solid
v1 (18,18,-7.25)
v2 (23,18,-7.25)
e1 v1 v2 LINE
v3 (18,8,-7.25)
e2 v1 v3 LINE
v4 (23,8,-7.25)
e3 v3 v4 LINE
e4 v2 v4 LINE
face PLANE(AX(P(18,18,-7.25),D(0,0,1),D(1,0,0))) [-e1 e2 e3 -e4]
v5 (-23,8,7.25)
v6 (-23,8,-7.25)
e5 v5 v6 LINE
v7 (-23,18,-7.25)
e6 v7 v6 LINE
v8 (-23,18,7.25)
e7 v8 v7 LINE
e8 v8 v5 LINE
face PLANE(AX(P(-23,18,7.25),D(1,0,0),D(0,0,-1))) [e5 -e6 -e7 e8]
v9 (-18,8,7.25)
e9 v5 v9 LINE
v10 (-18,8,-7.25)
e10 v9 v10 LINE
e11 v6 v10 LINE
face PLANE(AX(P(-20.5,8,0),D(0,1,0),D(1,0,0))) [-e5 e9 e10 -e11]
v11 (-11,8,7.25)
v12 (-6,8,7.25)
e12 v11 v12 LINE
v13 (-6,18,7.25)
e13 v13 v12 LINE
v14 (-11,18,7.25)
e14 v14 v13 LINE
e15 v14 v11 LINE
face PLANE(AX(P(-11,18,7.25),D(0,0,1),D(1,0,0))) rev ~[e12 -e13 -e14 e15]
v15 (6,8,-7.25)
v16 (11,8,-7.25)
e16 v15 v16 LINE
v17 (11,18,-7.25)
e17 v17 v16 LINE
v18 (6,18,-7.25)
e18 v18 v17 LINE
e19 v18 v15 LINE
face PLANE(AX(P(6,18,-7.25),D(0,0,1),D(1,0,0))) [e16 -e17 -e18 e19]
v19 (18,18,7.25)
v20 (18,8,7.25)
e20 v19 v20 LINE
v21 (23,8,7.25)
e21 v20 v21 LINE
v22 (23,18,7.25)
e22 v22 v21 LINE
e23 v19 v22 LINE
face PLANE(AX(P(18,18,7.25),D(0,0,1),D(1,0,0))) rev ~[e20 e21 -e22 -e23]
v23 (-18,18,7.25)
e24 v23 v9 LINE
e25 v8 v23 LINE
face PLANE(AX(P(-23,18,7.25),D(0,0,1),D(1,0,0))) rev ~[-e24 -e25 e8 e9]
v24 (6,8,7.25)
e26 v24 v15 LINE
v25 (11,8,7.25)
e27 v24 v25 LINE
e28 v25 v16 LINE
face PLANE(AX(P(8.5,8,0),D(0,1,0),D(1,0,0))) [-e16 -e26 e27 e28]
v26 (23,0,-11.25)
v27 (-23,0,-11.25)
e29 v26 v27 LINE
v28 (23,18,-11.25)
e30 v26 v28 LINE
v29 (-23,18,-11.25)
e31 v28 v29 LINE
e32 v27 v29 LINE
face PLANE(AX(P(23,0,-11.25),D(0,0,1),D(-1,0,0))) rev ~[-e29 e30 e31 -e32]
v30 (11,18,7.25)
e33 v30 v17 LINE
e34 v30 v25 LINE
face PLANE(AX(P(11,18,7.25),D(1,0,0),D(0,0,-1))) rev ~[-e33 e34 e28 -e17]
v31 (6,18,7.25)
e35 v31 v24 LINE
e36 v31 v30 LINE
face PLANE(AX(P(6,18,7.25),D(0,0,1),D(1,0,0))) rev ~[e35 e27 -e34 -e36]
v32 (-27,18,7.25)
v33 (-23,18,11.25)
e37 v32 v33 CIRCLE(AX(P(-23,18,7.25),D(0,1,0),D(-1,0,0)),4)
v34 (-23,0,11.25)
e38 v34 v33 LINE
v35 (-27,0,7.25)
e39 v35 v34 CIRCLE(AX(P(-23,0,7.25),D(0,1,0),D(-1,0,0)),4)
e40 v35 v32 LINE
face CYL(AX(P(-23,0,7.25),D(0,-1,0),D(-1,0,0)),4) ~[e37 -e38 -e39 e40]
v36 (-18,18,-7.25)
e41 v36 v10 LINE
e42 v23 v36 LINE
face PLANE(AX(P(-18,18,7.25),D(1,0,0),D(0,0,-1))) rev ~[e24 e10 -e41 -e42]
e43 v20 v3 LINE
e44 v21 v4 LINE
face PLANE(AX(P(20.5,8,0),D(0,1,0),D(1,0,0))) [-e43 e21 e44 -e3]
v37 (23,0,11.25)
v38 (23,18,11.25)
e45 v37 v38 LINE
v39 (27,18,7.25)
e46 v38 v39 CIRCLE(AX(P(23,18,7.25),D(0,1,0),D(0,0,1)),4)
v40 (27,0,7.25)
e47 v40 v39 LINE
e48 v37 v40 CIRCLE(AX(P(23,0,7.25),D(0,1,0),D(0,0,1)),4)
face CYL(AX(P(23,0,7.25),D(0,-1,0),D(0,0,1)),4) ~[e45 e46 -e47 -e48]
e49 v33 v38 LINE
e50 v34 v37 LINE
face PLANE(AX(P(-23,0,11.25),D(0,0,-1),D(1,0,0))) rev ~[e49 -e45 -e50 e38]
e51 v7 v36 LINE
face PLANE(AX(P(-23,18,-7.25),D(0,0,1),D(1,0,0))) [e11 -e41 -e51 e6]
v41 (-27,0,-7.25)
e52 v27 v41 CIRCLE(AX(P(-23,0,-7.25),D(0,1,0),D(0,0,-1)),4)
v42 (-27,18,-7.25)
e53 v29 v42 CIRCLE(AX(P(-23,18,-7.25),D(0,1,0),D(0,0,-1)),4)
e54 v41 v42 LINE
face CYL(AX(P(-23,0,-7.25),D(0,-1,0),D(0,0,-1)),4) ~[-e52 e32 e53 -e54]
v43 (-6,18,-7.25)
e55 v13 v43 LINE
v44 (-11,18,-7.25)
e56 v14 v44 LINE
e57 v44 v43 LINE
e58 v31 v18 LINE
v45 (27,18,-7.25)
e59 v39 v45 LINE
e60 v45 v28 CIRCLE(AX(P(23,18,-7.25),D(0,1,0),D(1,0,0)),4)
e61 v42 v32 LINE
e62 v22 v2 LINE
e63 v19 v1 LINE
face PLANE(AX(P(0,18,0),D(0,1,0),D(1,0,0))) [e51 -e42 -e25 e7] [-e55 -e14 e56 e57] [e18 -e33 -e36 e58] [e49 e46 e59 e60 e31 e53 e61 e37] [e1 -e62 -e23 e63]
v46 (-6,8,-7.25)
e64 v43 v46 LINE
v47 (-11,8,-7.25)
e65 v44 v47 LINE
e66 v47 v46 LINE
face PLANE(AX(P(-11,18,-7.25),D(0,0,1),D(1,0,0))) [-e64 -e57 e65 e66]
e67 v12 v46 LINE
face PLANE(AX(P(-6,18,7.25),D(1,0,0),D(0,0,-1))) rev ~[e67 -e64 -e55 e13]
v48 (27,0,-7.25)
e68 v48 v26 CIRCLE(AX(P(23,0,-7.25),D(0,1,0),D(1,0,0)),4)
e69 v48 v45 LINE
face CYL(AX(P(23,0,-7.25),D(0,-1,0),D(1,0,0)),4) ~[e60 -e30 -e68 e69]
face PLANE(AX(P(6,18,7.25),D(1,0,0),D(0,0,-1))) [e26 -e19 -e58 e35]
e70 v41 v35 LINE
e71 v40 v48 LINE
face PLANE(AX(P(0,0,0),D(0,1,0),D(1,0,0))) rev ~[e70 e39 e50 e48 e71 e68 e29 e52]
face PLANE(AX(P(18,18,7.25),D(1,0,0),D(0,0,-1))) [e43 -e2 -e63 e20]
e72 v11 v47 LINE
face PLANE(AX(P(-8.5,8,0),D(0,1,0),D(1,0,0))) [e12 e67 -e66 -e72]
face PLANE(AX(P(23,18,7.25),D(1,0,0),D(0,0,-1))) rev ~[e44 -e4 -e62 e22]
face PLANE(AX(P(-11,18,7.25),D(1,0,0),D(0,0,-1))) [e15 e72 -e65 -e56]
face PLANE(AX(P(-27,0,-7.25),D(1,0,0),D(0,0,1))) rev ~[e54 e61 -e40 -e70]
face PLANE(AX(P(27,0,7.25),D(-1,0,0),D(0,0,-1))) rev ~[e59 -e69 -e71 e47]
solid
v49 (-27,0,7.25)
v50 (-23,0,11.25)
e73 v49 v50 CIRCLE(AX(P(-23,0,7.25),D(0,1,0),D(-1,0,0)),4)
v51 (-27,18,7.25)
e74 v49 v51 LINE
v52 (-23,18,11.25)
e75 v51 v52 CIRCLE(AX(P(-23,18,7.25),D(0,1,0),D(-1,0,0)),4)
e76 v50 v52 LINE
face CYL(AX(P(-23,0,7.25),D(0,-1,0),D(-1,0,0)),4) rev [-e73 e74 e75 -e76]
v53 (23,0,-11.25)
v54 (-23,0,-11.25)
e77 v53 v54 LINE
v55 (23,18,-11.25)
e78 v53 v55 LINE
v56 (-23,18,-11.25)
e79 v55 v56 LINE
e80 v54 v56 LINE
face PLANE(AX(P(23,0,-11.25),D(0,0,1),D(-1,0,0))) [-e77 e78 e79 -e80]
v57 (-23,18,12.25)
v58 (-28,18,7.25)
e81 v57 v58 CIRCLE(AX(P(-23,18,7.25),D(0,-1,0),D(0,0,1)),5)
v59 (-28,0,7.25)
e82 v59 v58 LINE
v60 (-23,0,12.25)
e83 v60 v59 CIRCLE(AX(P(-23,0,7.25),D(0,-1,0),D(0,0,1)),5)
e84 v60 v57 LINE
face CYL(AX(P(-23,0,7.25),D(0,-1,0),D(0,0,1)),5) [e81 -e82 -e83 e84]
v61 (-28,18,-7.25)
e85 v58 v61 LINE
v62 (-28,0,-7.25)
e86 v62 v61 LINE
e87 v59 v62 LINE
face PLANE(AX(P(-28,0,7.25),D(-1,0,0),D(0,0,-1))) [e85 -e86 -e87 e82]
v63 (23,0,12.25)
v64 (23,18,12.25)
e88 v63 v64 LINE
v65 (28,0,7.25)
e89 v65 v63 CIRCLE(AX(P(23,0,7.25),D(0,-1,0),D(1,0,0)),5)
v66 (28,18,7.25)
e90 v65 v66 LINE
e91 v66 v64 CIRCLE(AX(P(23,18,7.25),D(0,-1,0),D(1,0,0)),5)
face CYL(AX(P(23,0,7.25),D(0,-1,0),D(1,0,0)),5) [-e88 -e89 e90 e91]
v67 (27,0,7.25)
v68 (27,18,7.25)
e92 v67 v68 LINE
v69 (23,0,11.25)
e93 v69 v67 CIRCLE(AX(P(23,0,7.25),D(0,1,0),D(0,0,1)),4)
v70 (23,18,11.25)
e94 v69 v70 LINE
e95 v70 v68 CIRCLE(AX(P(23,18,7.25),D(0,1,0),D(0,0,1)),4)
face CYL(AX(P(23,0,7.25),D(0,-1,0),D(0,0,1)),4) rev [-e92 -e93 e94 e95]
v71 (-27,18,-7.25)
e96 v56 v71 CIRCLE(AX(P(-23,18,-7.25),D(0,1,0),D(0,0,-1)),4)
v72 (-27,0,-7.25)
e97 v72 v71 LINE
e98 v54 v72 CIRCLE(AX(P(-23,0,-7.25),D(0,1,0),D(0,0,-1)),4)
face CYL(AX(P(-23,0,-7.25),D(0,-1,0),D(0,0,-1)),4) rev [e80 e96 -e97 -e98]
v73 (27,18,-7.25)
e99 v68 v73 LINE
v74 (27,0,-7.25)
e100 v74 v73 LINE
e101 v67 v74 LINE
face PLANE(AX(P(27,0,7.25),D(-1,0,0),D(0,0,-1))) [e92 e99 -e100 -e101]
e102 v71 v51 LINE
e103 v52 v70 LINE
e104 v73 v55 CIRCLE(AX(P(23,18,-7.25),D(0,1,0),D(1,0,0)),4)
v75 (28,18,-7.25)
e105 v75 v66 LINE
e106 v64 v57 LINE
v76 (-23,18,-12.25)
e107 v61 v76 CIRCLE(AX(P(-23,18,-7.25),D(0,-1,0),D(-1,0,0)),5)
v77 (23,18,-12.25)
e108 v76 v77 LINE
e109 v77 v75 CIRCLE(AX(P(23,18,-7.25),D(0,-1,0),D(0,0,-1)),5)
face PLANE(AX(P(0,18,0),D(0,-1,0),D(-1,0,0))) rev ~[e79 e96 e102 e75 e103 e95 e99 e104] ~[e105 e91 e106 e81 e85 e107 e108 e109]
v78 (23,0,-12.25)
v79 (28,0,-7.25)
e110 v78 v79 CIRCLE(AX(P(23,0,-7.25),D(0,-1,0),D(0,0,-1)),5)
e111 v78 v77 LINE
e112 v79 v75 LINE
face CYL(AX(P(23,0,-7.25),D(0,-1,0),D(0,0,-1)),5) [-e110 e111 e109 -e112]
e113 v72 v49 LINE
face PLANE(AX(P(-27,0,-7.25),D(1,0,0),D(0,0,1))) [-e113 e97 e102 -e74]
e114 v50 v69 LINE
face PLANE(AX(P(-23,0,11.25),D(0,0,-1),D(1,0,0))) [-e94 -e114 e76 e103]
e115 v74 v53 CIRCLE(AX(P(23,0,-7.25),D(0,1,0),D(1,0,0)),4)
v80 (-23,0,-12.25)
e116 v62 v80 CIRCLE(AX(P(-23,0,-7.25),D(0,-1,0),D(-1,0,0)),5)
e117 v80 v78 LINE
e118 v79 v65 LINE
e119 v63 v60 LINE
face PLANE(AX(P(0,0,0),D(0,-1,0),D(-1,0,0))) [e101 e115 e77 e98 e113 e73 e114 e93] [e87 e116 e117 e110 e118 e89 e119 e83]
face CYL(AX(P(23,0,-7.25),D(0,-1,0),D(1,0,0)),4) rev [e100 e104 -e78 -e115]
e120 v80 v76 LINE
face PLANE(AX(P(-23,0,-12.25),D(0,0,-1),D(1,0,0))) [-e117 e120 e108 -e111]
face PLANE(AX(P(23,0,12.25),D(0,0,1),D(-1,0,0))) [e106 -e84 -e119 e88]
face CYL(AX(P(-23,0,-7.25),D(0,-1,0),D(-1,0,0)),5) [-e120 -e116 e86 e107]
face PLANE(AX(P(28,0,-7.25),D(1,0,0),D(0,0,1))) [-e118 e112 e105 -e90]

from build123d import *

# Parameters (mm, degrees)
BOSS_EXTRUDE1_DEPTH = 18
BOSS_EXTRUDE3_DEPTH = 18
CUT_EXTRUDE1_START  = 18
SKETCH2_W           = 5
SKETCH2_H           = 14.5
CUT_EXTRUDE1_DEPTH  = 10


with BuildPart() as part:
    # Sketch1 → Boss-Extrude1 (new body)
    with BuildSketch(Plane(origin=(0, 0, 0), x_dir=(1, 0, 0), z_dir=(0, 1, 0))):
        with BuildLine():
            Line((-23, 12.25), (23, 12.25))
            ThreePointArc((23, 12.25), (26.535533906, 10.785533906), (28, 7.25))
            Line((28, 7.25), (28, -7.25))
            ThreePointArc((28, -7.25), (26.535533906, -10.785533906), (23, -12.25))
            Line((23, -12.25), (-23, -12.25))
            ThreePointArc((-23, -12.25), (-26.535533906, -10.785533906), (-28, -7.25))
            Line((-28, -7.25), (-28, 7.25))
            ThreePointArc((-28, 7.25), (-26.535533906, 10.785533906), (-23, 12.25))
        make_face()
        with BuildLine():
            Line((-27, 7.25), (-27, -7.25))
            ThreePointArc((-27, -7.25), (-25.828427125, -10.078427125), (-23, -11.25))
            Line((-23, -11.25), (23, -11.25))
            ThreePointArc((23, -11.25), (25.828427125, -10.078427125), (27, -7.25))
            Line((27, -7.25), (27, 7.25))
            ThreePointArc((27, 7.25), (25.828427125, 10.078427125), (23, 11.25))
            Line((23, 11.25), (-23, 11.25))
            ThreePointArc((-23, 11.25), (-25.828427125, 10.078427125), (-27, 7.25))
        make_face(mode=Mode.SUBTRACT)
    extrude(amount=BOSS_EXTRUDE1_DEPTH)


with BuildPart() as body_2:
    # Sketch4 → Boss-Extrude3 (new body)
    with BuildSketch(Plane(origin=(0, 0, 0), x_dir=(1, 0, 0), z_dir=(0, 1, 0))):
        with BuildLine():
            Line((27, -7.25), (27, 7.25))
            ThreePointArc((27, 7.25), (25.828427125, 10.078427125), (23, 11.25))
            Line((23, 11.25), (-23, 11.25))
            ThreePointArc((-23, 11.25), (-25.828427125, 10.078427125), (-27, 7.25))
            Line((-27, 7.25), (-27, -7.25))
            ThreePointArc((-27, -7.25), (-25.828427125, -10.078427125), (-23, -11.25))
            Line((-23, -11.25), (23, -11.25))
            ThreePointArc((23, -11.25), (25.828427125, -10.078427125), (27, -7.25))
        make_face()
    extrude(amount=BOSS_EXTRUDE3_DEPTH)

    # Sketch2 → Cut-Extrude1 (cut)
    with BuildSketch(Plane(origin=(0, 0, 0), x_dir=(1, 0, 0), z_dir=(0, 1, 0)).offset(CUT_EXTRUDE1_START)):
        with Locations((-20.5, 0)):
            Rectangle(SKETCH2_W, SKETCH2_H)
        with Locations((-8.5, 0)):
            Rectangle(SKETCH2_W, SKETCH2_H)
        with Locations((20.5, 0)):
            Rectangle(SKETCH2_W, SKETCH2_H)
        with Locations((8.5, 0)):
            Rectangle(SKETCH2_W, SKETCH2_H)
    extrude(amount=-CUT_EXTRUDE1_DEPTH, mode=Mode.SUBTRACT)


solid = Compound([part.part, body_2.part])
